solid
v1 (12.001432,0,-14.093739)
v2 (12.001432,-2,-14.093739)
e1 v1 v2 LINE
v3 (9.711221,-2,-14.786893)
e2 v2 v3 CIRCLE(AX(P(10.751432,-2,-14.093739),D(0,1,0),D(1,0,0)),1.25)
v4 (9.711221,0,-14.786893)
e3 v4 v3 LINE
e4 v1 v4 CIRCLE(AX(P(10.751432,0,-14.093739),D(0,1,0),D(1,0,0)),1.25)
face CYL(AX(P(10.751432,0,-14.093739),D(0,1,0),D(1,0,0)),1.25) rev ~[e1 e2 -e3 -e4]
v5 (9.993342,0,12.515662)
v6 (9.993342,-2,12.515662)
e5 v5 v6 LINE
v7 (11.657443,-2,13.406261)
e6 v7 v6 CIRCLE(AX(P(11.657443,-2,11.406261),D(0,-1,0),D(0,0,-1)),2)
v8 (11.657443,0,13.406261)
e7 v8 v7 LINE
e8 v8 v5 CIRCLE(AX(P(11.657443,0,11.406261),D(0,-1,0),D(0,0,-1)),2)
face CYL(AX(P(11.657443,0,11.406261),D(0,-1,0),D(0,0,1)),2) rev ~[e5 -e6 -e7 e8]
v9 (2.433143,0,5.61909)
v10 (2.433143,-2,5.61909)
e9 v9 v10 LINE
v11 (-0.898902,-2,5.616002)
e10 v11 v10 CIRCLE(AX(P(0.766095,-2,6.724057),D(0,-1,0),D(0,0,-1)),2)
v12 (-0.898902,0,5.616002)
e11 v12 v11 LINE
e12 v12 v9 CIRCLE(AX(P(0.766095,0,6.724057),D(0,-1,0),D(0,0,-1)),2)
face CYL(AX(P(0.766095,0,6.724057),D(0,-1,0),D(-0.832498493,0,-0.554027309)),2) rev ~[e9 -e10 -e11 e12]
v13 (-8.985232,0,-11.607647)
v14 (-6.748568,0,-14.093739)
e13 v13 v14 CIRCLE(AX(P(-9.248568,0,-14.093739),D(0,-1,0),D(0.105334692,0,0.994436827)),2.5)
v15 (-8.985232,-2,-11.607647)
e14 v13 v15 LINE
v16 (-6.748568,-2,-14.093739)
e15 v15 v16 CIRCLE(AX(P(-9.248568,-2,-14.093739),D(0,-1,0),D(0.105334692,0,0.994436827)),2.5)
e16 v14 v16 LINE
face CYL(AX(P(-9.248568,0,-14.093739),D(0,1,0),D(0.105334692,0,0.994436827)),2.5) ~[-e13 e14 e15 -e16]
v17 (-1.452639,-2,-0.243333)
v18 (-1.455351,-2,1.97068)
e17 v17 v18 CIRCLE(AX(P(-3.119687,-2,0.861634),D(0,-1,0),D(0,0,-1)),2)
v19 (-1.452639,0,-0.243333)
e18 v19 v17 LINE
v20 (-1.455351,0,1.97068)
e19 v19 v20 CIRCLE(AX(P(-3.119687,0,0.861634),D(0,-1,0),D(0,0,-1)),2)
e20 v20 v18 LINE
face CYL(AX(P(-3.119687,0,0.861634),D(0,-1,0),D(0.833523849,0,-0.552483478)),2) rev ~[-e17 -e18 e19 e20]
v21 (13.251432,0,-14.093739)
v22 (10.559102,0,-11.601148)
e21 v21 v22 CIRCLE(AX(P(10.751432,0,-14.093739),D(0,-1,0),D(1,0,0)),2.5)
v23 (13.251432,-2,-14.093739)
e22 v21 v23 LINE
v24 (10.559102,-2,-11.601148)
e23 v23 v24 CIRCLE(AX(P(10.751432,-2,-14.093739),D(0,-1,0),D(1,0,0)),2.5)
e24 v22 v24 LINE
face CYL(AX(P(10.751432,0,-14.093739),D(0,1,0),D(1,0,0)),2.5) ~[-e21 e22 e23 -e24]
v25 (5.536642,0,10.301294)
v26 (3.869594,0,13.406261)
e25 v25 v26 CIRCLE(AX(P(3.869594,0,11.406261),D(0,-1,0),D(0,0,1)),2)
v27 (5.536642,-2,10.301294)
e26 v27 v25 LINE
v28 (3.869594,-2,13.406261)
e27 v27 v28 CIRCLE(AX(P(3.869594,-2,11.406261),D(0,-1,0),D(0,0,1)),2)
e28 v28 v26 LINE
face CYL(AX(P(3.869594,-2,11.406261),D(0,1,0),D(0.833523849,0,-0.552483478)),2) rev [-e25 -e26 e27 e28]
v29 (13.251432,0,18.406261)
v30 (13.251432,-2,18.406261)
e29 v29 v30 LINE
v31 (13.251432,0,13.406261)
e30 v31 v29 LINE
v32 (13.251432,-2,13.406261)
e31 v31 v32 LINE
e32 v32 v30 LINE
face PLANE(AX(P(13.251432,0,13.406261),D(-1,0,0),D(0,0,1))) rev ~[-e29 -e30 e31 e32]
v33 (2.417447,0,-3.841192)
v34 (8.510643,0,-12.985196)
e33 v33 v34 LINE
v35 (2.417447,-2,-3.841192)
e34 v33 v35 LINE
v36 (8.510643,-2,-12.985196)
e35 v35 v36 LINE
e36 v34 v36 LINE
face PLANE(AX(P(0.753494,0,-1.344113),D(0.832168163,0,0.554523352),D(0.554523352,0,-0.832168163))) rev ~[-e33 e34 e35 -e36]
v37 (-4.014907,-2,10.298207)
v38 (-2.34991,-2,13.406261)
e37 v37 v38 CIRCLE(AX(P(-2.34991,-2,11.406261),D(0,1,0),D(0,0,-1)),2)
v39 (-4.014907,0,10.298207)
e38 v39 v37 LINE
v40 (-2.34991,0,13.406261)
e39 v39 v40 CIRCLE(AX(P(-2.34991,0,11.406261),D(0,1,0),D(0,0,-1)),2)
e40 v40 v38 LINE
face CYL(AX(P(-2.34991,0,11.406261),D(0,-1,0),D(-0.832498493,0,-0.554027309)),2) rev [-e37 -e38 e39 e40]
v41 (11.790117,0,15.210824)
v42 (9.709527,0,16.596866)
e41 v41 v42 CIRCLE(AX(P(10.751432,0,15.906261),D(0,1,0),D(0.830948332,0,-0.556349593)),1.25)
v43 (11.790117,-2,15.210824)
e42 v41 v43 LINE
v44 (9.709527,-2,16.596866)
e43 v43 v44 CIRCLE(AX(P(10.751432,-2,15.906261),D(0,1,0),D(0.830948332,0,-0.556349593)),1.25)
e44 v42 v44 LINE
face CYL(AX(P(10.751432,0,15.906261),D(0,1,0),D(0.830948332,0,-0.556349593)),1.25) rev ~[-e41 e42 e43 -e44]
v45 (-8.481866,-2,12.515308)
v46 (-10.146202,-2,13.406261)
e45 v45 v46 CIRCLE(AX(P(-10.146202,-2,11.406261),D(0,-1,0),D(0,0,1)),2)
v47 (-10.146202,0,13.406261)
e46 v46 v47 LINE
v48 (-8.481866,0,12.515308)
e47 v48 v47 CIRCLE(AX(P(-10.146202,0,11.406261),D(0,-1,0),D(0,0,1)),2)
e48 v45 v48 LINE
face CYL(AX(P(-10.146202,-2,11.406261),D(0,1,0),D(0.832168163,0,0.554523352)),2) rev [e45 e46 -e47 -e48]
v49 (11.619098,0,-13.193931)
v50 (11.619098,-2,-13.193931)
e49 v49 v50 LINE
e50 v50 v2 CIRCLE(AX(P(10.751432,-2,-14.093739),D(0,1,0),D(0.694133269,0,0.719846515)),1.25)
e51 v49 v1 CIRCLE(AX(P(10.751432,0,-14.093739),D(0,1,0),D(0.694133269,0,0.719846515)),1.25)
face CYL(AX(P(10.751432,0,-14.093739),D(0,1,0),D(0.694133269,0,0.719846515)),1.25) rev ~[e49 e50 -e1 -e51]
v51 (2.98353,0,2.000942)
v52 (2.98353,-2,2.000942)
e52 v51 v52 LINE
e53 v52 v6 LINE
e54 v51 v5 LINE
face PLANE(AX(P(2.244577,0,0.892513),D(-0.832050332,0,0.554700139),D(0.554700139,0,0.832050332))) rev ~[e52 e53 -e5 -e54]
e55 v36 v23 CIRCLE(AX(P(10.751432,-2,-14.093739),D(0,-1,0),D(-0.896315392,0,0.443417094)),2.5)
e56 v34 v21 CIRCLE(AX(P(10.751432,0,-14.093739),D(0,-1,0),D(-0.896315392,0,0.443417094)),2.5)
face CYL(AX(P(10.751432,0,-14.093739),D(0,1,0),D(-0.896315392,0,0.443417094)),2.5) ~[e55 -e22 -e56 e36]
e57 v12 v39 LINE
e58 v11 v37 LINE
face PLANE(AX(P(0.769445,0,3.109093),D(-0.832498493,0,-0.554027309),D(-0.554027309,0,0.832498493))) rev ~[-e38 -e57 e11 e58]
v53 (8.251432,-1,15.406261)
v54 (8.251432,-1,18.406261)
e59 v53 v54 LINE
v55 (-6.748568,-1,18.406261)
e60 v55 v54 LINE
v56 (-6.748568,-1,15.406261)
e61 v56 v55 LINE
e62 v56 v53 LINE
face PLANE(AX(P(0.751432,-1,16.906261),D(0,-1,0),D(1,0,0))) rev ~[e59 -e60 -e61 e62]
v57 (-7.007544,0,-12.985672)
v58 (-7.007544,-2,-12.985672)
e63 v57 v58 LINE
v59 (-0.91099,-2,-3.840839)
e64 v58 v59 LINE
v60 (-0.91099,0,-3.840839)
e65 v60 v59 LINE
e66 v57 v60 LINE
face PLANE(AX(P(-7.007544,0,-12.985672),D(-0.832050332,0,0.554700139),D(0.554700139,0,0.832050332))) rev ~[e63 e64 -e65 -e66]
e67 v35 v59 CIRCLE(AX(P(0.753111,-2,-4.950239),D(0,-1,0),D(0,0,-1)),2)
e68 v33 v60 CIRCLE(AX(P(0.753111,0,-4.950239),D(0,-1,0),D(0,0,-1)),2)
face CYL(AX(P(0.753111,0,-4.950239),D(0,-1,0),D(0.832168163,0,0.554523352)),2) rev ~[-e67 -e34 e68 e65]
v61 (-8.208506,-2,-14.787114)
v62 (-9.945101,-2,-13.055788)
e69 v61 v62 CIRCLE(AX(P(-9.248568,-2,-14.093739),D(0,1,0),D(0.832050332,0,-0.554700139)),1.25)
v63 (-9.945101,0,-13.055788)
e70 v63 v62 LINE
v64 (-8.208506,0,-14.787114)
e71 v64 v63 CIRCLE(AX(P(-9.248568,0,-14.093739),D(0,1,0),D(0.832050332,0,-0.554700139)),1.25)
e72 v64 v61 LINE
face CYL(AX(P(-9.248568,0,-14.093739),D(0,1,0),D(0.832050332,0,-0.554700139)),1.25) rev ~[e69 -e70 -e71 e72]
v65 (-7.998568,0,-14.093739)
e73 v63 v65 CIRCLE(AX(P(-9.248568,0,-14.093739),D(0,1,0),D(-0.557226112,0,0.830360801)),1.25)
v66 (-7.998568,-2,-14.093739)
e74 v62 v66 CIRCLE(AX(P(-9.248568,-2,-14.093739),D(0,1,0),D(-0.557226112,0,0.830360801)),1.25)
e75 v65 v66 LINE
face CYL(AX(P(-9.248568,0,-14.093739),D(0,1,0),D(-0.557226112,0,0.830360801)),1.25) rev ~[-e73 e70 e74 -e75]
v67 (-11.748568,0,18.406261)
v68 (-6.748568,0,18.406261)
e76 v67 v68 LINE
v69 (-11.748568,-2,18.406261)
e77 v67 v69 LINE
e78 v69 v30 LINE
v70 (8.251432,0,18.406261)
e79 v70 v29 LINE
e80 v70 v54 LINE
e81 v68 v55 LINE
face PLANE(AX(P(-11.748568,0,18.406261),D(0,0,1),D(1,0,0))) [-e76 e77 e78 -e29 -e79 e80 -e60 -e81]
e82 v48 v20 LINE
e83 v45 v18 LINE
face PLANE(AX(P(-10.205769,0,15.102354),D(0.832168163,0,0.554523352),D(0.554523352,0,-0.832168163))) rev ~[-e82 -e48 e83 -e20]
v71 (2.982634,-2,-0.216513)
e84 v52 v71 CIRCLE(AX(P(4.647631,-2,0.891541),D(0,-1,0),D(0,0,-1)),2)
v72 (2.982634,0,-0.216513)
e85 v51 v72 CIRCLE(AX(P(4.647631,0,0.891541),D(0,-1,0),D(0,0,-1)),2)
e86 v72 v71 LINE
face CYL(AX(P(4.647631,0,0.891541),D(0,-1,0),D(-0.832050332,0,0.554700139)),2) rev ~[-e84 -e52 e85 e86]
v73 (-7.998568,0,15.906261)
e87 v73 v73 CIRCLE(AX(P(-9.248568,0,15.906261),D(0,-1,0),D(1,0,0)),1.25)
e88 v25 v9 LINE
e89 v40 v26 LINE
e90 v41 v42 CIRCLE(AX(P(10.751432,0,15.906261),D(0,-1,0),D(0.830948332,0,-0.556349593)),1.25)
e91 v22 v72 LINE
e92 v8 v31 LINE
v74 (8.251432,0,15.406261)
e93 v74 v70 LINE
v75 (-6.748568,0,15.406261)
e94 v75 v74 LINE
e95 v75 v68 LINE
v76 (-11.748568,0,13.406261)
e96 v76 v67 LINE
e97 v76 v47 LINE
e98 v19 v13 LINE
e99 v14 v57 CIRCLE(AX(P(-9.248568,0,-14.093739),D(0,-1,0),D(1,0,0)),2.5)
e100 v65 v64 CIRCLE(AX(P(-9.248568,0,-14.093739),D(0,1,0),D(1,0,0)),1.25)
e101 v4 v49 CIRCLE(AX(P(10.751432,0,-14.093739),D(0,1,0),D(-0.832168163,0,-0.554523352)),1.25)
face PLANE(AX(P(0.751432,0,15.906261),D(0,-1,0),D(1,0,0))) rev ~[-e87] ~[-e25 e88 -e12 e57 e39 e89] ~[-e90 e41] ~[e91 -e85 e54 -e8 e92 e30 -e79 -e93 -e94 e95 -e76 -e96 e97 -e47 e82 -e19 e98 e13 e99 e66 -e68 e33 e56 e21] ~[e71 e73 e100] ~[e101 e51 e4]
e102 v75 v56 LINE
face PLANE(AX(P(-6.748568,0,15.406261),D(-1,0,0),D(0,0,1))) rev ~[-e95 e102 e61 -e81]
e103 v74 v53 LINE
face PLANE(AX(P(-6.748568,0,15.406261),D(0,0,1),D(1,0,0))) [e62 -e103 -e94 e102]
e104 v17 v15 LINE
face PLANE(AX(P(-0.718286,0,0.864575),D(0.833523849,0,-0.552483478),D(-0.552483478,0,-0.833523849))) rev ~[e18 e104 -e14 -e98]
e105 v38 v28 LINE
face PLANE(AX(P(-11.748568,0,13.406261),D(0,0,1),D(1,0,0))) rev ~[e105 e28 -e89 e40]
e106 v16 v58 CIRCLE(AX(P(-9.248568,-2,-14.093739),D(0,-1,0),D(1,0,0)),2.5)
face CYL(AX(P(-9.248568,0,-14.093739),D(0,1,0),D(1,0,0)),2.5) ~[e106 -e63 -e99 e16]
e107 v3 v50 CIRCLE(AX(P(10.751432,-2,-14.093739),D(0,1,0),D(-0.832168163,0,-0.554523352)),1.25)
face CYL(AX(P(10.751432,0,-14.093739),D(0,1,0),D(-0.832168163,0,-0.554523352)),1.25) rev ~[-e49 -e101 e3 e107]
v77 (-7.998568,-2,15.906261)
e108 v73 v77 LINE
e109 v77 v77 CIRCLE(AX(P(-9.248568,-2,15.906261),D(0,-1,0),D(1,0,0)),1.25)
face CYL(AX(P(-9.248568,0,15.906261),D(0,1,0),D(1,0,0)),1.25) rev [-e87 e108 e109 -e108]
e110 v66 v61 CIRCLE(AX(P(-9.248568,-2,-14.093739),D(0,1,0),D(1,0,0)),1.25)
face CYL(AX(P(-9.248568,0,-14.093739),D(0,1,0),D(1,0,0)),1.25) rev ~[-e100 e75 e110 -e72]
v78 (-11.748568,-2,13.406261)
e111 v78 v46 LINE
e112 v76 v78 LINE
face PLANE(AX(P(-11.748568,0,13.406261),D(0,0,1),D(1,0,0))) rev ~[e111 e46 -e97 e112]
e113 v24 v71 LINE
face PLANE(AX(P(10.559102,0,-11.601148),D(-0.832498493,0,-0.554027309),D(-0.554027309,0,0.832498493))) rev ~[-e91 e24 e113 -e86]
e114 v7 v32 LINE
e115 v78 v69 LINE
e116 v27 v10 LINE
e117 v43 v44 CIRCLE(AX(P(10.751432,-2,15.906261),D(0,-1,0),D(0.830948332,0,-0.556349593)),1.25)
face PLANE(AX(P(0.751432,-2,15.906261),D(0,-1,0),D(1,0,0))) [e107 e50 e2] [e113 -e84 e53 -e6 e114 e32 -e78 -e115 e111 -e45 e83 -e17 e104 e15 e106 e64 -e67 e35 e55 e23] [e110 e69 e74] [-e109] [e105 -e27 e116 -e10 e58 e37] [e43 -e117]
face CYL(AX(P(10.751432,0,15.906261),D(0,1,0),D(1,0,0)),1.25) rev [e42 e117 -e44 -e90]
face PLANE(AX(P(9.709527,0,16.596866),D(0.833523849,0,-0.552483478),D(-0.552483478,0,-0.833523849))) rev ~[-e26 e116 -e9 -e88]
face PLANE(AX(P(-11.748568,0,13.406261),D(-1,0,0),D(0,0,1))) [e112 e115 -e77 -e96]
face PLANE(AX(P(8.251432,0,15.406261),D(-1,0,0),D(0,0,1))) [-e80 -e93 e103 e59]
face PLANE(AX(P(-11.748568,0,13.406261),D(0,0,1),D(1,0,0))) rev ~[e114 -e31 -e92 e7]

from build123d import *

# Parameters (mm, degrees)
F1_W     = 25
F1_H     = 5
F1_R     = 1.25
F2_DEPTH = 2
F0_W     = 15
F0_H     = 3
F3_DEPTH = 1
F5_DEPTH = 2
F6_R     = 2


with BuildPart() as f2:
    # F1 (on Front) → F2 (new body)
    with BuildSketch(Plane.XZ):
        with Locations((0.7514315657, 15.9062612424)):
            Rectangle(F1_W, F1_H)
        with Locations((-9.2485684343, 15.9062612424)):
            Circle(F1_R, mode=Mode.SUBTRACT)
        with Locations((10.7514315657, 15.9062612424)):
            Circle(F1_R, mode=Mode.SUBTRACT)
    extrude(amount=F2_DEPTH)

    # F0 (on Front) → F3 (cut)
    with BuildSketch(Plane.XZ):
        with Locations((0.7514315657, 16.9062612424)):
            Rectangle(F0_W, F0_H)
    extrude(amount=F3_DEPTH, mode=Mode.SUBTRACT)

    # F4 (on Front) → F5 (join)
    with BuildSketch(Plane.XZ):
        with BuildLine():
            ThreePointArc((11.7901169805, 15.2108242509), (10.058409027, 14.8659633231), (9.7095267544, 16.5968655894))
            Line((9.7095267544, 16.5968655894), (0.7694446684, 3.1090927712))
            Line((0.7694446684, 3.1090927712), (2.2445774484, 0.8925128366))
            Line((2.2445774484, 0.8925128366), (11.7901169805, 15.2108242509))
        make_face()
        Polygon((2.2445774484, 0.8925128366), (0.7694446684, 3.1090927712), (-0.7182862862, 0.8645745513), (0.7534939653, -1.3441127186), align=None)
        with BuildLine():
            Line((-0.7182862862, 0.8645745513), (0.7694446684, 3.1090927712))
            Line((0.7694446684, 3.1090927712), (-8.207945318, 16.5987953787))
            ThreePointArc((-8.207945318, 16.5987953787), (-8.4991860984, 14.9057982922), (-10.2057692667, 15.1023541792))
            Line((-10.2057692667, 15.1023541792), (-0.7182862862, 0.8645745513))
        make_face()
        with BuildLine():
            Line((10.5591020697, -11.6011478636), (2.2445774484, 0.8925128366))
            Line((2.2445774484, 0.8925128366), (0.7534939653, -1.3441127186))
            Line((0.7534939653, -1.3441127186), (8.5106430868, -12.9851960237))
            ThreePointArc((8.5106430868, -12.9851960237), (9.3518197991, -12.0222448757), (10.5591020697, -11.6011478636))
        make_face()
        with BuildLine():
            Line((0.7534939653, -1.3441127186), (-0.7182862862, 0.8645745513))
            Line((-0.7182862862, 0.8645745513), (-8.9852317039, -11.6076466904))
            ThreePointArc((-8.9852317039, -11.6076466904), (-7.8193399291, -12.0425669267), (-7.0075444884, -12.9856721197))
            Line((-7.0075444884, -12.9856721197), (0.7534939653, -1.3441127186))
        make_face()
        with BuildLine():
            Line((11.6190981521, -13.1939306142), (10.5591020697, -11.6011478636))
            ThreePointArc((10.5591020697, -11.6011478636), (9.3518197991, -12.0222448757), (8.5106430868, -12.9851960237))
            Line((8.5106430868, -12.9851960237), (9.7112213616, -14.7868929477))
            ThreePointArc((9.7112213616, -14.7868929477), (9.9502917065, -13.1342206879), (11.6190981521, -13.1939306142))
        make_face()
        with BuildLine():
            ThreePointArc((13.2514315657, -14.0937387576), (12.4498390934, -12.259232865), (10.5591020697, -11.6011478636))
            Line((10.5591020697, -11.6011478636), (11.6190981521, -13.1939306142))
            ThreePointArc((11.6190981521, -13.1939306142), (11.9018843533, -13.6049050604), (12.0014315657, -14.0937387576))
            ThreePointArc((12.0014315657, -14.0937387576), (11.1135346207, -15.2901422754), (9.7112213616, -14.7868929477))
            Line((9.7112213616, -14.7868929477), (8.5106430868, -12.9851960237))
            ThreePointArc((8.5106430868, -12.9851960237), (10.1822089367, -16.5280734919), (13.2514315657, -14.0937387576))
        make_face()
        with BuildLine():
            Line((-9.9451010739, -13.0557877559), (-8.9852317039, -11.6076466904))
            ThreePointArc((-8.9852317039, -11.6076466904), (-11.1071084292, -15.7658120476), (-6.7485684343, -14.0937387576))
            ThreePointArc((-6.7485684343, -14.0937387576), (-6.8141732461, -13.5247747274), (-7.0075444884, -12.9856721197))
            Line((-7.0075444884, -12.9856721197), (-8.208505519, -14.7871139319))
            ThreePointArc((-8.208505519, -14.7871139319), (-10.1311078637, -14.9789642404), (-9.9451010739, -13.0557877559))
        make_face()
        with BuildLine():
            ThreePointArc((-7.0075444884, -12.9856721197), (-7.8193399291, -12.0425669267), (-8.9852317039, -11.6076466904))
            Line((-8.9852317039, -11.6076466904), (-9.9451010739, -13.0557877559))
            ThreePointArc((-9.9451010739, -13.0557877559), (-8.6604212586, -12.9907505891), (-7.9985684343, -14.0937387576))
            ThreePointArc((-7.9985684343, -14.0937387576), (-8.0522033888, -14.4559689026), (-8.208505519, -14.7871139319))
            Line((-8.208505519, -14.7871139319), (-7.0075444884, -12.9856721197))
        make_face()
    extrude(amount=F5_DEPTH)

    # F6
    f6_edges = [f2.edges().sort_by_distance(p)[0] for p in [
        (0.769445, -1, 3.109093),
        (-0.718286, -1, 0.864575),
        (2.244577, -1, 0.892513),
        (0.753494, -1, -1.344113),
        (7.594703, -1, 13.406261),
        (-6.083316, -1, 13.406261),
        (-9.075561, -1, 13.406261),
        (10.587075, -1, 13.406261),
    ]]
    fillet(f6_edges, radius=F6_R)


solid = f2.part
